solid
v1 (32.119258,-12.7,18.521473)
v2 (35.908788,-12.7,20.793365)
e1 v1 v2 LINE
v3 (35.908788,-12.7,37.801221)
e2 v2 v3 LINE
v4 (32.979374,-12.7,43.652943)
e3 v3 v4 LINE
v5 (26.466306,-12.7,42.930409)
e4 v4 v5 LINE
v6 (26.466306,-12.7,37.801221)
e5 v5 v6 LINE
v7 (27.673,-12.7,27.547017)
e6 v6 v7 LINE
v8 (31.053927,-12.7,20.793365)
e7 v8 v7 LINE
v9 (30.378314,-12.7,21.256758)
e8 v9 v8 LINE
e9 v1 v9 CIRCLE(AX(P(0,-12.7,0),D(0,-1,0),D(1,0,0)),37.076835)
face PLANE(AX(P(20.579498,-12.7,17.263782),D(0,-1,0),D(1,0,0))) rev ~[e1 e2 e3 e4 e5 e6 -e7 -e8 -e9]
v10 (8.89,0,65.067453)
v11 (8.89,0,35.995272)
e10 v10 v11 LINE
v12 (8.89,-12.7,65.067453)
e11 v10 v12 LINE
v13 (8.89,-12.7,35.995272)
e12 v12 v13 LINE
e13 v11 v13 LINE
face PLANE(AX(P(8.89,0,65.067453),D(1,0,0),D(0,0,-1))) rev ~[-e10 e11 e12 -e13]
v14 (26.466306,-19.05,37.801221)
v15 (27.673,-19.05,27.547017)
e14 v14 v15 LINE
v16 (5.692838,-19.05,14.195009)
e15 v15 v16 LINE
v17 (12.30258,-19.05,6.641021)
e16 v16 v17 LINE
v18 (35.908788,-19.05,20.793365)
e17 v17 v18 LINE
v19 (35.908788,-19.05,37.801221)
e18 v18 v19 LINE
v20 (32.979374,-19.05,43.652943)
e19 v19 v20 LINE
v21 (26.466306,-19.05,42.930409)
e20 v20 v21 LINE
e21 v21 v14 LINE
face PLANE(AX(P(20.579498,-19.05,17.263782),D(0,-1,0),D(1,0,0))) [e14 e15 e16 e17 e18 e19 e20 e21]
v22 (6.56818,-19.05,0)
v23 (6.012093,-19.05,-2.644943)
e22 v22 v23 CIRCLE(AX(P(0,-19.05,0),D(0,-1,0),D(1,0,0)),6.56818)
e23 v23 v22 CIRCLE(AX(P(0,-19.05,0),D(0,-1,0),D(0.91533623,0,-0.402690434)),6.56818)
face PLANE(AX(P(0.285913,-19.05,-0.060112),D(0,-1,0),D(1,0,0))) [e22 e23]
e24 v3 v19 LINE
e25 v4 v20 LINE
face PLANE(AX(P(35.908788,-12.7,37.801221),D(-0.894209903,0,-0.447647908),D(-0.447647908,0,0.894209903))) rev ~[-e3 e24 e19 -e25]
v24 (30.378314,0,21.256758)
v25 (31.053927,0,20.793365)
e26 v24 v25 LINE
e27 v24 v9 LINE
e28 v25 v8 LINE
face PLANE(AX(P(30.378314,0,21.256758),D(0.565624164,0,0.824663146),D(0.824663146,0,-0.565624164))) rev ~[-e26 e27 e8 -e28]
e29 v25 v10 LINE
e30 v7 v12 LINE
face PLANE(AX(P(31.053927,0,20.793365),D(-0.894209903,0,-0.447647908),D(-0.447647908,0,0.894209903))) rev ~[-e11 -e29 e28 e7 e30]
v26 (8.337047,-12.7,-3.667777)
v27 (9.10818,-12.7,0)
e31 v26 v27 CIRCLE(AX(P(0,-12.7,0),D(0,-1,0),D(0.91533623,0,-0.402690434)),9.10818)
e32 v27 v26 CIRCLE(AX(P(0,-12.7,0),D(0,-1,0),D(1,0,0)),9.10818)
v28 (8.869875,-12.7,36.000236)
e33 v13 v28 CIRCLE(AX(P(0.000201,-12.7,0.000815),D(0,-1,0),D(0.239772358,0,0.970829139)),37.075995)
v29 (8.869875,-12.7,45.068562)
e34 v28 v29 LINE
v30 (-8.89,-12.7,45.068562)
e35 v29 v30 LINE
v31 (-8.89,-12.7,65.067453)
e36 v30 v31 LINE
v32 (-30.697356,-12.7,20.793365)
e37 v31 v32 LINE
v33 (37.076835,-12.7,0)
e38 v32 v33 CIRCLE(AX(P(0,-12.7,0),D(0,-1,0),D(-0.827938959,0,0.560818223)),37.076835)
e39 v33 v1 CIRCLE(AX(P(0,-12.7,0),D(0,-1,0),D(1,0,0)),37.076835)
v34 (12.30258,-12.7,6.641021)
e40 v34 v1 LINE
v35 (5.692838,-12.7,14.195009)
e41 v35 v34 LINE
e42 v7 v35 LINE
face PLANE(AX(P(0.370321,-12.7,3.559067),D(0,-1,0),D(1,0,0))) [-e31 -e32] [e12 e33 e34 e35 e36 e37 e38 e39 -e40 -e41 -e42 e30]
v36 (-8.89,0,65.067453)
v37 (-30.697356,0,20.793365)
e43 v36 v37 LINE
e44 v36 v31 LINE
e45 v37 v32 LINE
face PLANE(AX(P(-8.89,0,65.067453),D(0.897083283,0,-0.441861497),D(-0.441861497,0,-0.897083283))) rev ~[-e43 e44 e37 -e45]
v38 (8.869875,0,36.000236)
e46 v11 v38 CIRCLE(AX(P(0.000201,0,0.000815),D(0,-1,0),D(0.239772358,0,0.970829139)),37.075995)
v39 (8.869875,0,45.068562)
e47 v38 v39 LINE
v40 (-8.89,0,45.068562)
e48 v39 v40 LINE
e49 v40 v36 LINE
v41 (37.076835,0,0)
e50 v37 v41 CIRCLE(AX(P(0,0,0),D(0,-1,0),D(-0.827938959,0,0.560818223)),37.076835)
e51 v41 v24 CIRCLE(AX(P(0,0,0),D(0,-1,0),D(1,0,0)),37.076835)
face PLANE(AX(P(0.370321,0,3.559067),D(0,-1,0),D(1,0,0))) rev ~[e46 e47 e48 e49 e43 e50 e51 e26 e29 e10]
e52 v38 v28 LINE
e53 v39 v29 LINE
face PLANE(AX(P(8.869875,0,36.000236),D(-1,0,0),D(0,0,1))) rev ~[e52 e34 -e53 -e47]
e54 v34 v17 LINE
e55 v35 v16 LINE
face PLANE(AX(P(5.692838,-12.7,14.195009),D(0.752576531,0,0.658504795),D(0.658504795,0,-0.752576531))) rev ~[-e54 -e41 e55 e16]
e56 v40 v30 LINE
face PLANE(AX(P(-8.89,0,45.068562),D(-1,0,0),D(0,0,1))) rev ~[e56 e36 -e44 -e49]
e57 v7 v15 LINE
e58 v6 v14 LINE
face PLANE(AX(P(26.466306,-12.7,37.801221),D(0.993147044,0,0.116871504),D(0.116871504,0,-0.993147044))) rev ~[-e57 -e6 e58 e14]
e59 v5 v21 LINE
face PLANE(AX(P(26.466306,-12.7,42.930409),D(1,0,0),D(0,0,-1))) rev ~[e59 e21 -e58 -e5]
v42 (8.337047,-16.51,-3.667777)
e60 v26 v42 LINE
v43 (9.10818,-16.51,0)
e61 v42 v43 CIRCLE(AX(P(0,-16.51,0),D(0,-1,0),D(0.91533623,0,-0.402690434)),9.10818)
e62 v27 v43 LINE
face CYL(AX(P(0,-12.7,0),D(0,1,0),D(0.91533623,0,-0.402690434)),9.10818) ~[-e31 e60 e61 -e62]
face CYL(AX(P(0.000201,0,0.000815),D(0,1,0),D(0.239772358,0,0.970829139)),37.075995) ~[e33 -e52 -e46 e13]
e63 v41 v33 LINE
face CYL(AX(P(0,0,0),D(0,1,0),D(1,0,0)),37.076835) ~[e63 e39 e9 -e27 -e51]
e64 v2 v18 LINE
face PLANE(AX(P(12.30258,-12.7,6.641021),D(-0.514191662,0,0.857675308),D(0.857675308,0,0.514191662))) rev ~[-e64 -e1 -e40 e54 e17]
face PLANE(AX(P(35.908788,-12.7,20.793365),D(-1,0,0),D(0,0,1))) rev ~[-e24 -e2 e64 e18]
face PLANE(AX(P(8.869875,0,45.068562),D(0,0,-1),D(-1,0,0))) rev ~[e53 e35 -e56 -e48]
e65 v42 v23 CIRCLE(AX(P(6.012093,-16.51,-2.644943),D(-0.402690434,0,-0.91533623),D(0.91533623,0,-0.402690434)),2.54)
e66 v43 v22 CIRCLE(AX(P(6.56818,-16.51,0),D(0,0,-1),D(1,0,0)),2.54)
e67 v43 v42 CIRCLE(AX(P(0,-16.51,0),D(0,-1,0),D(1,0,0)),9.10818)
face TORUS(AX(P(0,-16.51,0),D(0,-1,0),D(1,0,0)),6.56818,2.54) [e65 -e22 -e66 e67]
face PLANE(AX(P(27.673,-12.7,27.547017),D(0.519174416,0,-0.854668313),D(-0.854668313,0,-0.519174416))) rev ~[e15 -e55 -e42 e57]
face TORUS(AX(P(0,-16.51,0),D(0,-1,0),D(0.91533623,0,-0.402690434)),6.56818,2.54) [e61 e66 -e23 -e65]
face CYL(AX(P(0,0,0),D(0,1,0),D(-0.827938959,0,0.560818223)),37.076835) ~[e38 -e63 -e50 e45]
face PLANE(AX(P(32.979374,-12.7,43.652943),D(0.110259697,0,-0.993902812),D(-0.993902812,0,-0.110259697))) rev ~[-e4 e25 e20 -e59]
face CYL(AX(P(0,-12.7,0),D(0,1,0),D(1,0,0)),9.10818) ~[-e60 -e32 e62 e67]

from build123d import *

# Parameters (mm, degrees)
F1_DEPTH = 12.7
F3_DEPTH = 6.35
F4_R     = 2.54


with BuildPart() as f1:
    # F0 (on Front) → F1 (new body)
    with BuildSketch(Plane.XZ):
        with BuildLine():
            Line((-8.89, 0), (-8.89, 35.995271902))
            ThreePointArc((-8.89, 35.995271902), (-21.2029287752, 30.4159088415), (-30.6973562447, 20.7933647802))
            ThreePointArc((-30.6973562447, 20.7933647802), (-10.8749915983, -35.4461035522), (37.0768350766, 0))
            ThreePointArc((37.0768350766, 0), (35.3625750984, 11.1436072124), (30.3783139408, 21.256757547))
            Line((30.3783139408, 21.256757547), (8.89, 35.995271902))
            ThreePointArc((8.89, 35.995271902), (8.8799379581, 35.9977555017), (8.8698752224, 36.0002362886))
            Line((8.8698752224, 36.0002362886), (8.8698752224, 0))
            Line((8.8698752224, 0), (-8.89, 0))
        make_face()
        with BuildLine():
            ThreePointArc((-30.6973562447, 20.7933647802), (-21.2029287752, 30.4159088415), (-8.89, 35.995271902))
            Line((-8.89, 35.995271902), (-8.89, 45.0685620308))
            Line((-8.89, 45.0685620308), (-8.89, 65.0674526496))
            Line((-8.89, 65.0674526496), (-30.6973562447, 20.7933647802))
        make_face()
        with BuildLine():
            Line((-8.89, 45.0685620308), (-8.89, 35.995271902))
            ThreePointArc((-8.89, 35.995271902), (-0.010364022, 37.0768336281), (8.8698752224, 36.0002362886))
            Line((8.8698752224, 36.0002362886), (8.8698752224, 45.0685620308))
            Line((8.8698752224, 45.0685620308), (-8.89, 45.0685620308))
        make_face()
        with BuildLine():
            ThreePointArc((8.8698752224, 36.0002362886), (-0.010364022, 37.0768336281), (-8.89, 35.995271902))
            Line((-8.89, 35.995271902), (-8.89, 0))
            Line((-8.89, 0), (8.8698752224, 0))
            Line((8.8698752224, 0), (8.8698752224, 36.0002362886))
        make_face()
        with BuildLine():
            Line((8.89, 65.0674526496), (8.89, 35.995271902))
            ThreePointArc((8.89, 35.995271902), (20.9715538596, 30.5758994636), (30.3783139408, 21.256757547))
            Line((30.3783139408, 21.256757547), (31.053926761, 20.7933647802))
            Line((31.053926761, 20.7933647802), (8.89, 65.0674526496))
        make_face()
        with BuildLine():
            ThreePointArc((30.3783139408, 21.256757547), (20.9715538596, 30.5758994636), (8.89, 35.995271902))
            Line((8.89, 35.995271902), (30.3783139408, 21.256757547))
        make_face()
    extrude(amount=F1_DEPTH)

    # F2 (on face) → F3 (join)
    with BuildSketch(Plane.XZ.offset(12.7)):
        with BuildLine():
            Line((8.3370473279, -3.6677770405), (9.1081802006, 0))
            ThreePointArc((9.1081802006, 0), (-8.9133124025, 1.8739820121), (8.3370473279, -3.6677770405))
        make_face()
        with BuildLine():
            ThreePointArc((8.3370473279, -3.6677770405), (8.9133124025, -1.8739820121), (9.1081802006, 0))
            Line((9.1081802006, 0), (8.3370473279, -3.6677770405))
        make_face()
        Polygon((27.6729999866, 27.547016816), (5.6928377599, 14.1950091347), (12.3025802895, 6.641021464), (35.9087884426, 20.7933647802), align=None)
        Polygon((26.466306299, 37.8012210131), (27.6729999866, 27.547016816), (35.9087884426, 20.7933647802), (35.9087884426, 37.8012210131), (32.9793743131, 43.6529430466), (26.466306299, 42.9304087149), align=None)
    extrude(amount=F3_DEPTH)

    # F4
    f4_edges = [f1.edges().sort_by_distance(p)[0] for p in [
        (-8.337047, -19.05, 3.667777),
    ]]
    fillet(f4_edges, radius=F4_R)


solid = f1.part
